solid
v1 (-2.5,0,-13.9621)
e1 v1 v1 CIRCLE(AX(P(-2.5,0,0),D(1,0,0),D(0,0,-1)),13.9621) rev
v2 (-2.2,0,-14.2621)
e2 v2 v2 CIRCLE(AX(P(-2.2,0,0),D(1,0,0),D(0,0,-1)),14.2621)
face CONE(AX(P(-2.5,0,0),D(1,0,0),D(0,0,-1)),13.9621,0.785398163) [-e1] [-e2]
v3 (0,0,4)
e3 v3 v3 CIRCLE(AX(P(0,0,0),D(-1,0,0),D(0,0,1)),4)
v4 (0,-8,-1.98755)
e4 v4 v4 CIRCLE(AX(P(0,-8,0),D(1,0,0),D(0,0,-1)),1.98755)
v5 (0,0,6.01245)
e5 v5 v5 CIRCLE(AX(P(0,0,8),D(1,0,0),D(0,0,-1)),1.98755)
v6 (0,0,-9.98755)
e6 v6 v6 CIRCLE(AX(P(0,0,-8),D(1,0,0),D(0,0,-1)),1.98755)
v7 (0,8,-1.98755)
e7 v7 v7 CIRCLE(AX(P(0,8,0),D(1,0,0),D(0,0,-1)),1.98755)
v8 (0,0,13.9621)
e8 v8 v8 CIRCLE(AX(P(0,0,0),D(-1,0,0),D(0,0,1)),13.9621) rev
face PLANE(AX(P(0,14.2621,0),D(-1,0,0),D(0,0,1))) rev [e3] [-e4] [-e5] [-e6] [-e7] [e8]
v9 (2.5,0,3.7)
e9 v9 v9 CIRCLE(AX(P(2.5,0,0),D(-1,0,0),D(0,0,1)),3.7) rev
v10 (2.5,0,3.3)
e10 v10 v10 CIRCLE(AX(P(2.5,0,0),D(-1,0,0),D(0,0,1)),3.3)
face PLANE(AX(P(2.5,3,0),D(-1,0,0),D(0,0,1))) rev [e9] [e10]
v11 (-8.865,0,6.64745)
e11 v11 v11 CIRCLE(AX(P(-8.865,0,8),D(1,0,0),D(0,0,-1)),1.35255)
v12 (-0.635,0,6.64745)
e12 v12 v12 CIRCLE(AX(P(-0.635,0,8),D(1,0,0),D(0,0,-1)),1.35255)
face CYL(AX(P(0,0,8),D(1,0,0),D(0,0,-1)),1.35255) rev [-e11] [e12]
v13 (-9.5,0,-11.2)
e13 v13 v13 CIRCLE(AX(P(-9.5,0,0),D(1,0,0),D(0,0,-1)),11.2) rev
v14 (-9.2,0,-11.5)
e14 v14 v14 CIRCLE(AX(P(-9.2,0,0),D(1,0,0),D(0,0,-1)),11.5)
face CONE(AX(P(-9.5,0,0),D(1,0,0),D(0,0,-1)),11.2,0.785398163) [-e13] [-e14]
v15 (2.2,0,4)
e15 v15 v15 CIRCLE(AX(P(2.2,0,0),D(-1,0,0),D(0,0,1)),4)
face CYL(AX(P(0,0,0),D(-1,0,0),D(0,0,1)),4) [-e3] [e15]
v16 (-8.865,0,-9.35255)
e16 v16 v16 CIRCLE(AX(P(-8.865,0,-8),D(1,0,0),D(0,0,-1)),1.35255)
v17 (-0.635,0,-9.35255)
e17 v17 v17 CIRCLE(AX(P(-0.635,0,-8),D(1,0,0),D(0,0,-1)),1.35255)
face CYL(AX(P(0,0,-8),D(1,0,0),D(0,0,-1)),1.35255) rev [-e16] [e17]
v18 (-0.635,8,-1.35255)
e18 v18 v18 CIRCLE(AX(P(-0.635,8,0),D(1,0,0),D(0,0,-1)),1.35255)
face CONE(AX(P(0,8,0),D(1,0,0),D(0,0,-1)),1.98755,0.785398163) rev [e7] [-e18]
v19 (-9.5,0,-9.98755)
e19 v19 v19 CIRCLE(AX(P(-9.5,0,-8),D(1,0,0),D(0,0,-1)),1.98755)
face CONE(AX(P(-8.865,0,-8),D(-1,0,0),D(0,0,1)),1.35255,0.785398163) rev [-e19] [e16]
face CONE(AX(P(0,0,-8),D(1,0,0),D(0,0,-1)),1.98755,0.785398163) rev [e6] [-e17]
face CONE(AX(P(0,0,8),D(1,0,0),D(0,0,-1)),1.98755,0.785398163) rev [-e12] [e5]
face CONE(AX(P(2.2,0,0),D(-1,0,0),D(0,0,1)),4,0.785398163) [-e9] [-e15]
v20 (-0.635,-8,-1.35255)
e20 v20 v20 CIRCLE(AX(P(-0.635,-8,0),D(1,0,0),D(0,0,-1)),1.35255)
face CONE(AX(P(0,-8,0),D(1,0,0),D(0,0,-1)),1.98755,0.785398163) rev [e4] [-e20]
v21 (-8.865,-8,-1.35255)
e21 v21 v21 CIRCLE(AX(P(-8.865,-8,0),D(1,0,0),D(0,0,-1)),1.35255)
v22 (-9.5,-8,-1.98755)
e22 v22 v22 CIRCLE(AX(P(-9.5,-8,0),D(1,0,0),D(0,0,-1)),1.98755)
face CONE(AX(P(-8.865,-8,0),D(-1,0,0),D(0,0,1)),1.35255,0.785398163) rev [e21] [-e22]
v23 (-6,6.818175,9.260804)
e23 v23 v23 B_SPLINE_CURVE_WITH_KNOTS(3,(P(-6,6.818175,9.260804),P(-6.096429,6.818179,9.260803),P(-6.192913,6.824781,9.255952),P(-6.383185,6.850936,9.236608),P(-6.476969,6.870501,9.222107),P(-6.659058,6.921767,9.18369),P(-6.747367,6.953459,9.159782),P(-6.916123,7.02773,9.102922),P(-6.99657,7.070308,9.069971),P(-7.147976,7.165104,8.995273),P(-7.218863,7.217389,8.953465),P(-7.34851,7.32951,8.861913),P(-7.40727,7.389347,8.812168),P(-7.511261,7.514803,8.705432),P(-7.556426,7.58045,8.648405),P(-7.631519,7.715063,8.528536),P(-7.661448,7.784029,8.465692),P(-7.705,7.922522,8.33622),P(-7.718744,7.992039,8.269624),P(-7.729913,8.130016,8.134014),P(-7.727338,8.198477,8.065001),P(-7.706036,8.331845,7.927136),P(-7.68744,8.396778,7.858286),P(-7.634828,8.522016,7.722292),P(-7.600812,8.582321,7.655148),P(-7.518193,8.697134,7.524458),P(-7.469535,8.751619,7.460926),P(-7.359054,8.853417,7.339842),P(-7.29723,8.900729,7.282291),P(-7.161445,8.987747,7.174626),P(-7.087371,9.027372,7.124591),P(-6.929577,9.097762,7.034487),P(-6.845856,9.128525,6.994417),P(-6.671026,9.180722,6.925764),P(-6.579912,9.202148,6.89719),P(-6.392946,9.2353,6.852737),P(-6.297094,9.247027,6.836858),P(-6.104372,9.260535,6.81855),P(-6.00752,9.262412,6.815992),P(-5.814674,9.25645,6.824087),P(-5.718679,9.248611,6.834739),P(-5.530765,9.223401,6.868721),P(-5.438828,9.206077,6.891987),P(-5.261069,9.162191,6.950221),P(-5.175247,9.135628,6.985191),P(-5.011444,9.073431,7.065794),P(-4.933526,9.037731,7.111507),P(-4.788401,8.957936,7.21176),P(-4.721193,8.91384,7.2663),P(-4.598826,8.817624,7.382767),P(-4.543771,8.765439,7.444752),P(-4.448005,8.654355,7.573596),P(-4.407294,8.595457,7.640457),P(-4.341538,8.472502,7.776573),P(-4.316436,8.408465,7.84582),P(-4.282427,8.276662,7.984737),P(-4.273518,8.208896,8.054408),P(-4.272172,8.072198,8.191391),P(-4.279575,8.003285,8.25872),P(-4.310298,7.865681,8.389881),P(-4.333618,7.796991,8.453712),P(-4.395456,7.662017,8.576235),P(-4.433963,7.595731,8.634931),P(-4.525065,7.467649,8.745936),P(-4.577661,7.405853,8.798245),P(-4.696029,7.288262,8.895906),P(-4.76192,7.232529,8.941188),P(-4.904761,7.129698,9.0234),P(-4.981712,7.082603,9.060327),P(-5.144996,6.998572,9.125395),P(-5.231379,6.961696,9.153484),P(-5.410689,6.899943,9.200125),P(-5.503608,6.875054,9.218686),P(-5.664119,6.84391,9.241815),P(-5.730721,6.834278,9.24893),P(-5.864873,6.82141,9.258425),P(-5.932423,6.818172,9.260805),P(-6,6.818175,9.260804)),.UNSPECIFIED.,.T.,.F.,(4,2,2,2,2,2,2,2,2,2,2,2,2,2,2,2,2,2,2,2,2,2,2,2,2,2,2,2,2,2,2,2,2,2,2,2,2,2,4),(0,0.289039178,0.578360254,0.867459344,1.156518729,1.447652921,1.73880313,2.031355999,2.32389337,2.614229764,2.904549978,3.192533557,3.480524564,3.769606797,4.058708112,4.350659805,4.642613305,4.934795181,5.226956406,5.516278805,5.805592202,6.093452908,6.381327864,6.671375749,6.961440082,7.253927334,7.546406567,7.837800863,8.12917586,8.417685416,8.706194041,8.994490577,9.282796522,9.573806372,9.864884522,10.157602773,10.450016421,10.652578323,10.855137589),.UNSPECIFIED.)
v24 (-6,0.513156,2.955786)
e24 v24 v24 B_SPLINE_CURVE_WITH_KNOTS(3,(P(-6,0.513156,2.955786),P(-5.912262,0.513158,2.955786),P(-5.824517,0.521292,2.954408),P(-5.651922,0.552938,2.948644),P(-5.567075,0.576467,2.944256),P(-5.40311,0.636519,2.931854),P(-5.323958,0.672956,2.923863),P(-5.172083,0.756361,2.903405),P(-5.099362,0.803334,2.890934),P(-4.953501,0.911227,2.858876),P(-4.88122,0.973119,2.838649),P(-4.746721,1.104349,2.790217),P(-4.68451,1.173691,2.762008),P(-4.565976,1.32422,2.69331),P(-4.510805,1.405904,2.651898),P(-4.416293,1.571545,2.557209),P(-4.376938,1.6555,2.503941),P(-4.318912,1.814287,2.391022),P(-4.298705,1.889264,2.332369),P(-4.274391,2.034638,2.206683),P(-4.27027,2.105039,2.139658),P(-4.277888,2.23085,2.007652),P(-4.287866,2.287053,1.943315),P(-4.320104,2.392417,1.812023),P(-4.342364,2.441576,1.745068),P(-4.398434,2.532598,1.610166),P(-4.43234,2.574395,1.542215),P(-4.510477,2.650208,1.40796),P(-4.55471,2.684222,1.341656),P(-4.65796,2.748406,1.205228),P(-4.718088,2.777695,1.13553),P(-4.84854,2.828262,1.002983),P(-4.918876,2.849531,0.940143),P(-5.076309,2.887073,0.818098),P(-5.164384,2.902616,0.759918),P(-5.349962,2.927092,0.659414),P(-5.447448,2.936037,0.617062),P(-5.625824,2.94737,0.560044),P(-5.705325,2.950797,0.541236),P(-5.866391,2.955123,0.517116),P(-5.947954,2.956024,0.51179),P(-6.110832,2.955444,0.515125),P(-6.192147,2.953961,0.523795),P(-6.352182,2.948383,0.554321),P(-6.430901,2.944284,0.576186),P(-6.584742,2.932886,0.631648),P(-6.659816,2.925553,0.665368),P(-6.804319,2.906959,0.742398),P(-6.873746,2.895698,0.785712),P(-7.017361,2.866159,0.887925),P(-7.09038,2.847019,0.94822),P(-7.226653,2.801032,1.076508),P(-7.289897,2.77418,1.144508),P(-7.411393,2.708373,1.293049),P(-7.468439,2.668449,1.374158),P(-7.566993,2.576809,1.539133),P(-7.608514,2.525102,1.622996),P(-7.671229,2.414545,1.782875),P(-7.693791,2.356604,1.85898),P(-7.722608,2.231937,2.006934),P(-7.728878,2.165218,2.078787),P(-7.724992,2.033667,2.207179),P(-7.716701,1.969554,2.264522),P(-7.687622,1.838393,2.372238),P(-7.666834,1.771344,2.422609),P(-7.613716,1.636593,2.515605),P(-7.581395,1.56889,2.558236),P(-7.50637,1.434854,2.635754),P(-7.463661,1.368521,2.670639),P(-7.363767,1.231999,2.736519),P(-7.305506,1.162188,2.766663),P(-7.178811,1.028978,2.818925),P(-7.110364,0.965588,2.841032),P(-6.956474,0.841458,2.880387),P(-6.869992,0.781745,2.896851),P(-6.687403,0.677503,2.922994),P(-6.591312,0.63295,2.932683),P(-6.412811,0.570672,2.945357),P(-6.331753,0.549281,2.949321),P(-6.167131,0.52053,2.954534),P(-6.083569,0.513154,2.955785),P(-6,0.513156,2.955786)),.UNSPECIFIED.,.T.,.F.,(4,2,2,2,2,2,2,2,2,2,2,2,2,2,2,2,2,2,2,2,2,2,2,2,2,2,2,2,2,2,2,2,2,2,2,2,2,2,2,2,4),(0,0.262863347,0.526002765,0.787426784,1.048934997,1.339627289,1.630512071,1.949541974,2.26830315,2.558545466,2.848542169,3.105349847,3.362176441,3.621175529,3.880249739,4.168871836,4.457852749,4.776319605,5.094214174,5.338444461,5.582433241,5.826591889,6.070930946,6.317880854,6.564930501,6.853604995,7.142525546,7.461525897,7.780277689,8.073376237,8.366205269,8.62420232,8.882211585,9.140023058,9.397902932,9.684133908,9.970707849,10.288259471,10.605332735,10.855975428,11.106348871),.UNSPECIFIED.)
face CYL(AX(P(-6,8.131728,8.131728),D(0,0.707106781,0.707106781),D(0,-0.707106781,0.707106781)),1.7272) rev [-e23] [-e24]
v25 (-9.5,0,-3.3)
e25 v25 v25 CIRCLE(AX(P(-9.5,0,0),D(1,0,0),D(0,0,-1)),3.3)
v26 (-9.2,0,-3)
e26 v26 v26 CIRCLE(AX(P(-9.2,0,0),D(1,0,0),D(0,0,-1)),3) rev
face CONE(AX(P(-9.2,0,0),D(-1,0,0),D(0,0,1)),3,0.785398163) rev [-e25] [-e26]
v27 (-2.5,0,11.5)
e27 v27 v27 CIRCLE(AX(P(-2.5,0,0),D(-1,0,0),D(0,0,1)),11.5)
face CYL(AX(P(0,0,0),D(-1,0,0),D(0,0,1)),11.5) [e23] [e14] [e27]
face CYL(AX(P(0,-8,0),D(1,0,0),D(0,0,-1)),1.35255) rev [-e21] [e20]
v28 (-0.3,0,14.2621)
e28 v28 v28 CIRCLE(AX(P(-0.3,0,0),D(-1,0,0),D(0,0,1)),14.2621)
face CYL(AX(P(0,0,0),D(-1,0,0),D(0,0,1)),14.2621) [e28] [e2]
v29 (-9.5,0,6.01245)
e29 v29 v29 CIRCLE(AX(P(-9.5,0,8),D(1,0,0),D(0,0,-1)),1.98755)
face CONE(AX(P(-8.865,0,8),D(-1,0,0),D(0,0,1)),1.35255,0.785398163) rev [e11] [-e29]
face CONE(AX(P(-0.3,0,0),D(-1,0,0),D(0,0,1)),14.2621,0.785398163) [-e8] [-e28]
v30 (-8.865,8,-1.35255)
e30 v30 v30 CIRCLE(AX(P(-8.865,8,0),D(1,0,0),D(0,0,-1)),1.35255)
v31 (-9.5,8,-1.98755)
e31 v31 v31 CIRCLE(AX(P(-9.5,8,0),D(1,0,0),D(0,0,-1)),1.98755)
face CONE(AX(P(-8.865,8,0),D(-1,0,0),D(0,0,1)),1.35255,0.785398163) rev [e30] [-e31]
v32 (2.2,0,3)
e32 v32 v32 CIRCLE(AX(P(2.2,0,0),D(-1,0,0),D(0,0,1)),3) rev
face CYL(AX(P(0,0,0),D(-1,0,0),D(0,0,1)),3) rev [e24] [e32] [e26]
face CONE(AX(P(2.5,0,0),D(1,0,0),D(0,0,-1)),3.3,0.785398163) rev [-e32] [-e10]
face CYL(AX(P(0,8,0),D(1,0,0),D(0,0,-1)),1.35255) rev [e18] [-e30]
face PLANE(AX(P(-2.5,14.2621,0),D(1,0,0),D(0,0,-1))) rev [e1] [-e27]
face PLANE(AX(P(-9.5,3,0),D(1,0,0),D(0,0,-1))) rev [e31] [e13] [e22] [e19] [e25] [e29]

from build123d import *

# Parameters (mm, degrees)
F_6_32_TAPPED_HOLE1_AT_2_COUNT = 2
F_6_32_TAPPED_HOLE1_AT_2_PITCH = 11.313708499
F_6_32_TAPPED_HOLE1_AT_3_COUNT = 2
F_6_32_TAPPED_HOLE1_AT_3_PITCH = 11.313708499
F_6_32_TAPPED_HOLE1_AT_4_COUNT = 2
F_6_32_TAPPED_HOLE1_AT_4_PITCH = 16
BOSS_EXTRUDE1_START            = 10
SKETCH4_R                      = 1.25
BOSS_EXTRUDE1_DEPTH            = 1.5
F_8_32_TAPPED_HOLE1_D          = 3.4544
F_8_32_TAPPED_HOLE1_DEPTH      = 10.708
F_8_32_TAPPED_HOLE1_TIP        = 1.037806461
CHAMFER1_SIZE                  = 0.3


with BuildPart() as part:
    # Sketch1 → Revolve1 (revolve)
    with BuildSketch(Plane.XY):
        Polygon((-9.5, 3), (2.5, 3), (2.5, 4), (0, 4), (0, 14.2621), (-2.5, 14.2621), (-2.5, 11.5), (-9.5, 11.5), align=None)
    revolve(axis=Axis((0, 0, 0), (1, 0, 0)))

    # Sketch3 → #6-32 Tapped Hole1 (revolve, cut)
    with BuildSketch(Plane(origin=(0, 0, 8), x_dir=(0, 0, -1), z_dir=(0, 1, 0))):
        Polygon((0, 0), (0, 9.5), (1.98755, 9.5), (1.35255, 8.865), (1.35255, 0.635), (1.98755, 0), align=None)
    f_6_32_tapped_hole1 = revolve(axis=Axis((6.35, 0, 8), (-1, 0, 0)), mode=Mode.SUBTRACT)

    # #6-32 Tapped Hole1 at 2: #6-32 Tapped Hole1 ×2
    with Locations(*[Vector(0, 0.7071067811865476, -0.7071067811865476) * (i * F_6_32_TAPPED_HOLE1_AT_2_PITCH) for i in range(1, F_6_32_TAPPED_HOLE1_AT_2_COUNT)]):
        add(f_6_32_tapped_hole1, mode=Mode.SUBTRACT)

    # #6-32 Tapped Hole1 at 3: #6-32 Tapped Hole1 ×2
    with Locations(*[Vector(0, -0.7071067811865476, -0.7071067811865476) * (i * F_6_32_TAPPED_HOLE1_AT_3_PITCH) for i in range(1, F_6_32_TAPPED_HOLE1_AT_3_COUNT)]):
        add(f_6_32_tapped_hole1, mode=Mode.SUBTRACT)

    # #6-32 Tapped Hole1 at 4: #6-32 Tapped Hole1 ×2
    with Locations(*[(0, 0, -i * F_6_32_TAPPED_HOLE1_AT_4_PITCH) for i in range(1, F_6_32_TAPPED_HOLE1_AT_4_COUNT)]):
        add(f_6_32_tapped_hole1, mode=Mode.SUBTRACT)

    # Sketch4 → Boss-Extrude1 (add)
    with BuildSketch(Plane(origin=(0, 0, 0), x_dir=(-1, 0, 0), z_dir=(0, 0.7071067811865464, 0.7071067811865488)).offset(BOSS_EXTRUDE1_START)):
        with Locations((6, 0)):
            Circle(SKETCH4_R)
    extrude(amount=BOSS_EXTRUDE1_DEPTH)

    # #8-32 Tapped Hole1
    with Locations(Plane(origin=(0, 8.131727984, 8.131727984), x_dir=(1, 0, 0), z_dir=(0, 0.7071067811865465, 0.7071067811865487))):
        with Locations((-6, 0)):
            Hole(F_8_32_TAPPED_HOLE1_D / 2, depth=F_8_32_TAPPED_HOLE1_DEPTH)
            with Locations((0, 0, -(F_8_32_TAPPED_HOLE1_DEPTH + F_8_32_TAPPED_HOLE1_TIP / 2))):  # 118° drill point
                Cone(0, F_8_32_TAPPED_HOLE1_D / 2, F_8_32_TAPPED_HOLE1_TIP, mode=Mode.SUBTRACT)

    # Chamfer1
    chamfer1_edges = [part.edges().sort_by_distance(p)[0] for p in [
        (-9.5, -11.5, 0),
        (-2.5, -14.2621, 0),
        (0, -14.2621, 0),
        (2.5, -3, 0),
        (2.5, -4, 0),
        (-9.5, -3, 0),
    ]]
    chamfer(chamfer1_edges, length=CHAMFER1_SIZE)


solid = part.part
